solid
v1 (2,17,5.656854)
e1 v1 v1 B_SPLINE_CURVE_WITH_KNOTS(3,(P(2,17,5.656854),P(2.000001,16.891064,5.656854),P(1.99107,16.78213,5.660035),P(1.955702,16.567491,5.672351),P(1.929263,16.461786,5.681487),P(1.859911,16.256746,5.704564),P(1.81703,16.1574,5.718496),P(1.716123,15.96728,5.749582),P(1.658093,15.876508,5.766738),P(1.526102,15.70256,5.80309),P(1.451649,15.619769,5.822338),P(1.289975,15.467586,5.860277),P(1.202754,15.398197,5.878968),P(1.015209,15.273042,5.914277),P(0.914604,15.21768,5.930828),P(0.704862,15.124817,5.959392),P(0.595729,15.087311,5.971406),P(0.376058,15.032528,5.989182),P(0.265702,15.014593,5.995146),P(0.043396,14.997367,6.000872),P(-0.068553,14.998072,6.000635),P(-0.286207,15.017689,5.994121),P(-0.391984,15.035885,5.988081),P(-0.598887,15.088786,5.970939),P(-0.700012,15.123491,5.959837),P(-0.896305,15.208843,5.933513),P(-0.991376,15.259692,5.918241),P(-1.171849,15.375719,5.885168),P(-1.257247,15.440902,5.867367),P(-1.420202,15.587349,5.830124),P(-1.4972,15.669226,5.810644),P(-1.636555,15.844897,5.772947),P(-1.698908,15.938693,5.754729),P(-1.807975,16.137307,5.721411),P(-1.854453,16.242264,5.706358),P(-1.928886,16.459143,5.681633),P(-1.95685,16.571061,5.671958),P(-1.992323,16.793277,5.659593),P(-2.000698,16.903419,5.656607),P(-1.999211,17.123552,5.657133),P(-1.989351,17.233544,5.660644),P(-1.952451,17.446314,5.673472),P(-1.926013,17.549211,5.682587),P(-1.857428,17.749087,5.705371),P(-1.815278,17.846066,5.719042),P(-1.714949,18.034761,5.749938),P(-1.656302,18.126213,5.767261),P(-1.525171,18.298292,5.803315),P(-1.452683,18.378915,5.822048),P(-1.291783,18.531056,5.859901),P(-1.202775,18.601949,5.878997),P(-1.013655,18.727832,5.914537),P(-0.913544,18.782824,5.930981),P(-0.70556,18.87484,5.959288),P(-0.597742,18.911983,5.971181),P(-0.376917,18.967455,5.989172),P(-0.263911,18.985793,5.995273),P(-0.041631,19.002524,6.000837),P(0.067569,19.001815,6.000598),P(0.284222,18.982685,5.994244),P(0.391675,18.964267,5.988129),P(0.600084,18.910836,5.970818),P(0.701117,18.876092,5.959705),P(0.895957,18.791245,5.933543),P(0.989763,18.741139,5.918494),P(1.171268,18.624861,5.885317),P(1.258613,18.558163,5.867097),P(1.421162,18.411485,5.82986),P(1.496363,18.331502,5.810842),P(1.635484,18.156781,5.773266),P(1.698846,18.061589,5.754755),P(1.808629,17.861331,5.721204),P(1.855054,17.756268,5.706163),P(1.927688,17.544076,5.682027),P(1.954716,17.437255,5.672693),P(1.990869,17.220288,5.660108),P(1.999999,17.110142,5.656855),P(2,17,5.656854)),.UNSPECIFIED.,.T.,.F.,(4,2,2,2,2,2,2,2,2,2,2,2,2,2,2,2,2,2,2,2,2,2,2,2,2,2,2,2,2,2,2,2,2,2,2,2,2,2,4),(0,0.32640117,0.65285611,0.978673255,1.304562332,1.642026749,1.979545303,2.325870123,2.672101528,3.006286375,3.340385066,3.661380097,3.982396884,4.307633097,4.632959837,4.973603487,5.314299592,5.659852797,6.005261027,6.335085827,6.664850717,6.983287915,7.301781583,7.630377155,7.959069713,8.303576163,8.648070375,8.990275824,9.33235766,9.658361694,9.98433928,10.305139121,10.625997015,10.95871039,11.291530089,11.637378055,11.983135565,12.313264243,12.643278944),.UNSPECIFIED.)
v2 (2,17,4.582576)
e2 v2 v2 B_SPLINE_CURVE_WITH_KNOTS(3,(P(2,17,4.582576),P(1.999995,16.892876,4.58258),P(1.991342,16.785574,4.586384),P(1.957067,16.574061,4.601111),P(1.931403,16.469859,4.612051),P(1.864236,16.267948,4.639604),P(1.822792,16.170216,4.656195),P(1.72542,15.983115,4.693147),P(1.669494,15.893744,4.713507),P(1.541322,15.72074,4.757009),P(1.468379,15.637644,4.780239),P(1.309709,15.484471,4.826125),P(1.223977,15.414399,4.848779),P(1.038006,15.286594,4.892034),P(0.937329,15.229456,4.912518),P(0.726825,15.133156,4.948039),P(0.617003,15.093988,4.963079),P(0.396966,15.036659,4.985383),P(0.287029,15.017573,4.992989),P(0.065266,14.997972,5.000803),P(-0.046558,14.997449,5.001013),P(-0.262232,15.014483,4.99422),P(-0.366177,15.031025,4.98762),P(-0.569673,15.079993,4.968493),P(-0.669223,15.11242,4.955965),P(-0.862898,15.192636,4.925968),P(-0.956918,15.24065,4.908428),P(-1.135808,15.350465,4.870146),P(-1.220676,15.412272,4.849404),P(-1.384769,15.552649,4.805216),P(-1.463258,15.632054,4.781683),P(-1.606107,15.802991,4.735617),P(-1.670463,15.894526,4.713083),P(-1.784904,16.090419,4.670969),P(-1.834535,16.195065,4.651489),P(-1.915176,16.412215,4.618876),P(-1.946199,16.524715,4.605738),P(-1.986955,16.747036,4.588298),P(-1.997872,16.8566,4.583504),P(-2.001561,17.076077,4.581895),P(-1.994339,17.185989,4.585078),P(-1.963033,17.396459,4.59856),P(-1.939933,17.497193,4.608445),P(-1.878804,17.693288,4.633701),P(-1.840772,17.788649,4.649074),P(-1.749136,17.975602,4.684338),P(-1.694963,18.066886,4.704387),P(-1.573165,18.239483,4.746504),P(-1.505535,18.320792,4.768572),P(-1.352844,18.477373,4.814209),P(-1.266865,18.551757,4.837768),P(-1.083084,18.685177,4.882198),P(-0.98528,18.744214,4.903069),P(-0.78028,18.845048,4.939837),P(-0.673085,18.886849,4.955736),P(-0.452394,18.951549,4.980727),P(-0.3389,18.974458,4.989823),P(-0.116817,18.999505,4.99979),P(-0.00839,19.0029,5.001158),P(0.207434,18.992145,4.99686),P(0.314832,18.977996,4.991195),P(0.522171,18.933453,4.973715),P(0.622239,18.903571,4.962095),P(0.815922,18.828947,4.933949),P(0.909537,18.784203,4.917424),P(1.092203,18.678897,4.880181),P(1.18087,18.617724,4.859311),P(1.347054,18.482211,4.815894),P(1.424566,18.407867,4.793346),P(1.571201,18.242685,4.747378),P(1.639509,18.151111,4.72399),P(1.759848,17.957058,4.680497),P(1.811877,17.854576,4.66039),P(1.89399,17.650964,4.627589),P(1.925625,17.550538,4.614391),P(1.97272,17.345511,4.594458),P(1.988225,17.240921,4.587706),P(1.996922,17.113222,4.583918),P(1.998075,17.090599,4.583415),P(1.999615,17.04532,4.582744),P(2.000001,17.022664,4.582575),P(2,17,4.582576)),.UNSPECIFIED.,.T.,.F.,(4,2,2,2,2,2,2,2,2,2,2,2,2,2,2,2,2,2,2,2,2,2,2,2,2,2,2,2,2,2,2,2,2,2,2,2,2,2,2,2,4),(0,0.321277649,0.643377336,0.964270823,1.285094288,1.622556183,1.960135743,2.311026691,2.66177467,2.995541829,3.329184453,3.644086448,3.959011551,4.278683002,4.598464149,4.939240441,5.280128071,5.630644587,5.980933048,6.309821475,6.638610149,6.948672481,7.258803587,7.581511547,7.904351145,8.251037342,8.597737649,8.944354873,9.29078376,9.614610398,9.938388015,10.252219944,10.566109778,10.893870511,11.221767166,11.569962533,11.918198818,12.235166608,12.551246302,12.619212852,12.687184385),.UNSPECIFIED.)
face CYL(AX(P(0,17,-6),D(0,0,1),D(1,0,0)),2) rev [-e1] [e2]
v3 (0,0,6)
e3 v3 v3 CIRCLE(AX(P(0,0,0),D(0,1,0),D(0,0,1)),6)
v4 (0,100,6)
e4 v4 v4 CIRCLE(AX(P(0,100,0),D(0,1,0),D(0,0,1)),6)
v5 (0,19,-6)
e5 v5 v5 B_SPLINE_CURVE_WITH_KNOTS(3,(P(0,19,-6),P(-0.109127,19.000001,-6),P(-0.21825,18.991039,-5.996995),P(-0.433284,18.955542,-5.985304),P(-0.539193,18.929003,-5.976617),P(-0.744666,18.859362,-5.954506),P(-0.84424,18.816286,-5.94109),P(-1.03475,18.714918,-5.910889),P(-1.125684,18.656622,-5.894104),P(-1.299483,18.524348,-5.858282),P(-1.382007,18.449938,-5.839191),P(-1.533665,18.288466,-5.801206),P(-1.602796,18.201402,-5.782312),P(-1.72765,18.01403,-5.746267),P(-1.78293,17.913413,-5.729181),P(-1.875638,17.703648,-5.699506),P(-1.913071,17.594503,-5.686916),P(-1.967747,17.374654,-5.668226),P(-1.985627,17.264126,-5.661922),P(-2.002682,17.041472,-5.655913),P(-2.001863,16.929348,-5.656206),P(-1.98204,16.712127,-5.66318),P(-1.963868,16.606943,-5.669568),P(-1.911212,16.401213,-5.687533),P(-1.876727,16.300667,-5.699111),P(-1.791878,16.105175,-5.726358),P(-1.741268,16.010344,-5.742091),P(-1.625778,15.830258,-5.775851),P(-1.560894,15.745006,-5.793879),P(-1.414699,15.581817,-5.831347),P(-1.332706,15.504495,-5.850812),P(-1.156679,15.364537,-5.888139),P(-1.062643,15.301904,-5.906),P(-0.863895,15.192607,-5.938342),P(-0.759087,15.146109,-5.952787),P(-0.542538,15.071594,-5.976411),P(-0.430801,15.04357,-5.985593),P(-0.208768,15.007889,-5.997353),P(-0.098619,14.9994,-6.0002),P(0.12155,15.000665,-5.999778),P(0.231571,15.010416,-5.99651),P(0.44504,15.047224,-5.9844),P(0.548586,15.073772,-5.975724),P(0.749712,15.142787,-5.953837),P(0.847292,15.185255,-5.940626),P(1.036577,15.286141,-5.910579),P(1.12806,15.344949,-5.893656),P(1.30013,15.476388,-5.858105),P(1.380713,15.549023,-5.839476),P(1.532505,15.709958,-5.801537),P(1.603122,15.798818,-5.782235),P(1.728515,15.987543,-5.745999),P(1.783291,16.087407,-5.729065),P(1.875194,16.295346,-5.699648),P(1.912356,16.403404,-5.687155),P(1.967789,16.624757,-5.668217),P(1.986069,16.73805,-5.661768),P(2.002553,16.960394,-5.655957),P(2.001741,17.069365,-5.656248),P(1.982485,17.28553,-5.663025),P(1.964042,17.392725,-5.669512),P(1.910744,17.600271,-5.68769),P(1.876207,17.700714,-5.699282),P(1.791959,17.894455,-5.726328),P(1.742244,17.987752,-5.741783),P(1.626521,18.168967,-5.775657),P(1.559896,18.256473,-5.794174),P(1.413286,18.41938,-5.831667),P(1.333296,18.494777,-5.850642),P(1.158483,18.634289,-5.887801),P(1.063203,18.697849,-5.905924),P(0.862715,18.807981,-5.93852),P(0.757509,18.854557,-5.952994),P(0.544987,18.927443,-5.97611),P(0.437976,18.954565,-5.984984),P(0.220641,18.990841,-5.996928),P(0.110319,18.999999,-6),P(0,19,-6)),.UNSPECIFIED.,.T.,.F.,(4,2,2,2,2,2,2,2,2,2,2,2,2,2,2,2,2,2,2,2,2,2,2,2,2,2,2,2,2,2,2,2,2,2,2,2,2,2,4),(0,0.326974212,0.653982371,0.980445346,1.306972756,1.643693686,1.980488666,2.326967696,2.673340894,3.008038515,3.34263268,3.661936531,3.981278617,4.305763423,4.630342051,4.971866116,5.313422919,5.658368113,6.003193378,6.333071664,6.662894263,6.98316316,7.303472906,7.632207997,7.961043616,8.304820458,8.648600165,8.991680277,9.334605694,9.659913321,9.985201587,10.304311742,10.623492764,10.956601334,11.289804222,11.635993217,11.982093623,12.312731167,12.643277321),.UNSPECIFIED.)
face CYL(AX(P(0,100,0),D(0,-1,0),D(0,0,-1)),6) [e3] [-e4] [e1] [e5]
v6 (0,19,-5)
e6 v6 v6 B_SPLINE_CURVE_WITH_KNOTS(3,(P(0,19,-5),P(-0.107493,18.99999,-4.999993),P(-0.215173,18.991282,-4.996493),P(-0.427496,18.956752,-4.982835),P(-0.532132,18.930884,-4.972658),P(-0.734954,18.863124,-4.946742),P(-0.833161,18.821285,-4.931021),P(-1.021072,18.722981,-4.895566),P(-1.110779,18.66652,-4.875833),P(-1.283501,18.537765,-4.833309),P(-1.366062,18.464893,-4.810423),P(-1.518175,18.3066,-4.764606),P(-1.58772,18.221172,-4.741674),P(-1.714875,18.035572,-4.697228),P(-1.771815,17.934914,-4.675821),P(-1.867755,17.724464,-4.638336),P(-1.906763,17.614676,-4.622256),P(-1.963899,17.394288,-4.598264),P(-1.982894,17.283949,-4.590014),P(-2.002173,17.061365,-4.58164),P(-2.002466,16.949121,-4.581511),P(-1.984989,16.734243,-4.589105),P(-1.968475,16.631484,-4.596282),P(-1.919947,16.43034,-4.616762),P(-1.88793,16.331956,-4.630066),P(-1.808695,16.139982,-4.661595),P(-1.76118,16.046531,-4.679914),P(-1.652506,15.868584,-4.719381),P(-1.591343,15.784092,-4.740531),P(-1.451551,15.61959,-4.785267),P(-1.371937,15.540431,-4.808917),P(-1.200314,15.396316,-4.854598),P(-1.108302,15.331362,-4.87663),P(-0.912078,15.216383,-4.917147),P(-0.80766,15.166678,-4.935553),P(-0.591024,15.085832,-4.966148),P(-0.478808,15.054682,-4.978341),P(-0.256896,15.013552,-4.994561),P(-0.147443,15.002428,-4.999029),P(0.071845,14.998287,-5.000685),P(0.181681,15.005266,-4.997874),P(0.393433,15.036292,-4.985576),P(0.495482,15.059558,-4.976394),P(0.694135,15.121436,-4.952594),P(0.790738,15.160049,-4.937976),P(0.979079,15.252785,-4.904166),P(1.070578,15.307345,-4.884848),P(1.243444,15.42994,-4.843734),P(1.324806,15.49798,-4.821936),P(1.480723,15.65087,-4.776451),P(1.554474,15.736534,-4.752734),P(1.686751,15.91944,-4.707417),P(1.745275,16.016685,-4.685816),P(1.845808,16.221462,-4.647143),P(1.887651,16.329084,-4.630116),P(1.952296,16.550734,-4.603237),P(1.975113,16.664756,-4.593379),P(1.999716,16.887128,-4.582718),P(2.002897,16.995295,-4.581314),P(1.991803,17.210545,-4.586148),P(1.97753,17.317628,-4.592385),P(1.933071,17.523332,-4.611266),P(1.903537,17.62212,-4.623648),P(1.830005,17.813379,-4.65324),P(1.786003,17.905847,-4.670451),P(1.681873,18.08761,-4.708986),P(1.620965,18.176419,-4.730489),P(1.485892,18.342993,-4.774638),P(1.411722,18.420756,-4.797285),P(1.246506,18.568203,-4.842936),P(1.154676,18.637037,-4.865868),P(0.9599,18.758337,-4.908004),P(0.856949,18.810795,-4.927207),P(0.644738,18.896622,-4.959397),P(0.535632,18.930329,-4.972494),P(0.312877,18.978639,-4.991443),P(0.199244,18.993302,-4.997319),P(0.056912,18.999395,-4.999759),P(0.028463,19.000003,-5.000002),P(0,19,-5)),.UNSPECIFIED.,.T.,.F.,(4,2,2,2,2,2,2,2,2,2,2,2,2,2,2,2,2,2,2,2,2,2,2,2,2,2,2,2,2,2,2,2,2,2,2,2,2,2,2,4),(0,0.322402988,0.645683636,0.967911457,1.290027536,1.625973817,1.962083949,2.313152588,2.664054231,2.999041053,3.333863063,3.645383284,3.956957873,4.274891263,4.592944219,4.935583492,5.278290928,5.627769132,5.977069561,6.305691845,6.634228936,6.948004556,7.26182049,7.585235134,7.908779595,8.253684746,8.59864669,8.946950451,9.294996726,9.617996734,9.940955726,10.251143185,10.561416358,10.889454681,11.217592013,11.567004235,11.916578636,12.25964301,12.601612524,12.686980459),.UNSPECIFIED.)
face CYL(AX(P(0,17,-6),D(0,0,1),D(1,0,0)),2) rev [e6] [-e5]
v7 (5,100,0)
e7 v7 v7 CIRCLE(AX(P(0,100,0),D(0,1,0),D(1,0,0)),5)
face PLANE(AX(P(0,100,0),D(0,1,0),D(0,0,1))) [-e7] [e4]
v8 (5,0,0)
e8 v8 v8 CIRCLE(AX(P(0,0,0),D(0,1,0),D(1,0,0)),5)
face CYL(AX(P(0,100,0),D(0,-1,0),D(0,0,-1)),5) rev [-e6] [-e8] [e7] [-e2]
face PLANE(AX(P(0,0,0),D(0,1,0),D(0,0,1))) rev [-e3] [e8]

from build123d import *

# Parameters (mm, degrees)
SKETCH_1_R               = 6
SKETCH_1_R_2             = 5
EXTRUDE_1_DEPTH          = 100
CUT_EXTRUDE_1_DEPTH      = 101.359354322
CUT_EXTRUDE_1_DEPTH_BACK = 101.359354322
SKETCH_2_R               = 2


with BuildPart() as part:
    # 草图1 → 拉伸-薄壁1 (new body)
    with BuildSketch(Plane(origin=(0, 0, 0), x_dir=(1, 0, 0), z_dir=(0, 1, 0))):
        Circle(SKETCH_1_R)
        Circle(SKETCH_1_R_2, mode=Mode.SUBTRACT)
    extrude(amount=EXTRUDE_1_DEPTH)

    # 草图2 → 切除-拉伸1 (cut, two sides: drawn at the far end of the back side and taken through both)
    with BuildSketch(Plane.XY.offset(-CUT_EXTRUDE_1_DEPTH_BACK)):
        with Locations((0, 17)):
            Circle(SKETCH_2_R)
    extrude(amount=CUT_EXTRUDE_1_DEPTH + CUT_EXTRUDE_1_DEPTH_BACK, mode=Mode.SUBTRACT)


solid = part.part
